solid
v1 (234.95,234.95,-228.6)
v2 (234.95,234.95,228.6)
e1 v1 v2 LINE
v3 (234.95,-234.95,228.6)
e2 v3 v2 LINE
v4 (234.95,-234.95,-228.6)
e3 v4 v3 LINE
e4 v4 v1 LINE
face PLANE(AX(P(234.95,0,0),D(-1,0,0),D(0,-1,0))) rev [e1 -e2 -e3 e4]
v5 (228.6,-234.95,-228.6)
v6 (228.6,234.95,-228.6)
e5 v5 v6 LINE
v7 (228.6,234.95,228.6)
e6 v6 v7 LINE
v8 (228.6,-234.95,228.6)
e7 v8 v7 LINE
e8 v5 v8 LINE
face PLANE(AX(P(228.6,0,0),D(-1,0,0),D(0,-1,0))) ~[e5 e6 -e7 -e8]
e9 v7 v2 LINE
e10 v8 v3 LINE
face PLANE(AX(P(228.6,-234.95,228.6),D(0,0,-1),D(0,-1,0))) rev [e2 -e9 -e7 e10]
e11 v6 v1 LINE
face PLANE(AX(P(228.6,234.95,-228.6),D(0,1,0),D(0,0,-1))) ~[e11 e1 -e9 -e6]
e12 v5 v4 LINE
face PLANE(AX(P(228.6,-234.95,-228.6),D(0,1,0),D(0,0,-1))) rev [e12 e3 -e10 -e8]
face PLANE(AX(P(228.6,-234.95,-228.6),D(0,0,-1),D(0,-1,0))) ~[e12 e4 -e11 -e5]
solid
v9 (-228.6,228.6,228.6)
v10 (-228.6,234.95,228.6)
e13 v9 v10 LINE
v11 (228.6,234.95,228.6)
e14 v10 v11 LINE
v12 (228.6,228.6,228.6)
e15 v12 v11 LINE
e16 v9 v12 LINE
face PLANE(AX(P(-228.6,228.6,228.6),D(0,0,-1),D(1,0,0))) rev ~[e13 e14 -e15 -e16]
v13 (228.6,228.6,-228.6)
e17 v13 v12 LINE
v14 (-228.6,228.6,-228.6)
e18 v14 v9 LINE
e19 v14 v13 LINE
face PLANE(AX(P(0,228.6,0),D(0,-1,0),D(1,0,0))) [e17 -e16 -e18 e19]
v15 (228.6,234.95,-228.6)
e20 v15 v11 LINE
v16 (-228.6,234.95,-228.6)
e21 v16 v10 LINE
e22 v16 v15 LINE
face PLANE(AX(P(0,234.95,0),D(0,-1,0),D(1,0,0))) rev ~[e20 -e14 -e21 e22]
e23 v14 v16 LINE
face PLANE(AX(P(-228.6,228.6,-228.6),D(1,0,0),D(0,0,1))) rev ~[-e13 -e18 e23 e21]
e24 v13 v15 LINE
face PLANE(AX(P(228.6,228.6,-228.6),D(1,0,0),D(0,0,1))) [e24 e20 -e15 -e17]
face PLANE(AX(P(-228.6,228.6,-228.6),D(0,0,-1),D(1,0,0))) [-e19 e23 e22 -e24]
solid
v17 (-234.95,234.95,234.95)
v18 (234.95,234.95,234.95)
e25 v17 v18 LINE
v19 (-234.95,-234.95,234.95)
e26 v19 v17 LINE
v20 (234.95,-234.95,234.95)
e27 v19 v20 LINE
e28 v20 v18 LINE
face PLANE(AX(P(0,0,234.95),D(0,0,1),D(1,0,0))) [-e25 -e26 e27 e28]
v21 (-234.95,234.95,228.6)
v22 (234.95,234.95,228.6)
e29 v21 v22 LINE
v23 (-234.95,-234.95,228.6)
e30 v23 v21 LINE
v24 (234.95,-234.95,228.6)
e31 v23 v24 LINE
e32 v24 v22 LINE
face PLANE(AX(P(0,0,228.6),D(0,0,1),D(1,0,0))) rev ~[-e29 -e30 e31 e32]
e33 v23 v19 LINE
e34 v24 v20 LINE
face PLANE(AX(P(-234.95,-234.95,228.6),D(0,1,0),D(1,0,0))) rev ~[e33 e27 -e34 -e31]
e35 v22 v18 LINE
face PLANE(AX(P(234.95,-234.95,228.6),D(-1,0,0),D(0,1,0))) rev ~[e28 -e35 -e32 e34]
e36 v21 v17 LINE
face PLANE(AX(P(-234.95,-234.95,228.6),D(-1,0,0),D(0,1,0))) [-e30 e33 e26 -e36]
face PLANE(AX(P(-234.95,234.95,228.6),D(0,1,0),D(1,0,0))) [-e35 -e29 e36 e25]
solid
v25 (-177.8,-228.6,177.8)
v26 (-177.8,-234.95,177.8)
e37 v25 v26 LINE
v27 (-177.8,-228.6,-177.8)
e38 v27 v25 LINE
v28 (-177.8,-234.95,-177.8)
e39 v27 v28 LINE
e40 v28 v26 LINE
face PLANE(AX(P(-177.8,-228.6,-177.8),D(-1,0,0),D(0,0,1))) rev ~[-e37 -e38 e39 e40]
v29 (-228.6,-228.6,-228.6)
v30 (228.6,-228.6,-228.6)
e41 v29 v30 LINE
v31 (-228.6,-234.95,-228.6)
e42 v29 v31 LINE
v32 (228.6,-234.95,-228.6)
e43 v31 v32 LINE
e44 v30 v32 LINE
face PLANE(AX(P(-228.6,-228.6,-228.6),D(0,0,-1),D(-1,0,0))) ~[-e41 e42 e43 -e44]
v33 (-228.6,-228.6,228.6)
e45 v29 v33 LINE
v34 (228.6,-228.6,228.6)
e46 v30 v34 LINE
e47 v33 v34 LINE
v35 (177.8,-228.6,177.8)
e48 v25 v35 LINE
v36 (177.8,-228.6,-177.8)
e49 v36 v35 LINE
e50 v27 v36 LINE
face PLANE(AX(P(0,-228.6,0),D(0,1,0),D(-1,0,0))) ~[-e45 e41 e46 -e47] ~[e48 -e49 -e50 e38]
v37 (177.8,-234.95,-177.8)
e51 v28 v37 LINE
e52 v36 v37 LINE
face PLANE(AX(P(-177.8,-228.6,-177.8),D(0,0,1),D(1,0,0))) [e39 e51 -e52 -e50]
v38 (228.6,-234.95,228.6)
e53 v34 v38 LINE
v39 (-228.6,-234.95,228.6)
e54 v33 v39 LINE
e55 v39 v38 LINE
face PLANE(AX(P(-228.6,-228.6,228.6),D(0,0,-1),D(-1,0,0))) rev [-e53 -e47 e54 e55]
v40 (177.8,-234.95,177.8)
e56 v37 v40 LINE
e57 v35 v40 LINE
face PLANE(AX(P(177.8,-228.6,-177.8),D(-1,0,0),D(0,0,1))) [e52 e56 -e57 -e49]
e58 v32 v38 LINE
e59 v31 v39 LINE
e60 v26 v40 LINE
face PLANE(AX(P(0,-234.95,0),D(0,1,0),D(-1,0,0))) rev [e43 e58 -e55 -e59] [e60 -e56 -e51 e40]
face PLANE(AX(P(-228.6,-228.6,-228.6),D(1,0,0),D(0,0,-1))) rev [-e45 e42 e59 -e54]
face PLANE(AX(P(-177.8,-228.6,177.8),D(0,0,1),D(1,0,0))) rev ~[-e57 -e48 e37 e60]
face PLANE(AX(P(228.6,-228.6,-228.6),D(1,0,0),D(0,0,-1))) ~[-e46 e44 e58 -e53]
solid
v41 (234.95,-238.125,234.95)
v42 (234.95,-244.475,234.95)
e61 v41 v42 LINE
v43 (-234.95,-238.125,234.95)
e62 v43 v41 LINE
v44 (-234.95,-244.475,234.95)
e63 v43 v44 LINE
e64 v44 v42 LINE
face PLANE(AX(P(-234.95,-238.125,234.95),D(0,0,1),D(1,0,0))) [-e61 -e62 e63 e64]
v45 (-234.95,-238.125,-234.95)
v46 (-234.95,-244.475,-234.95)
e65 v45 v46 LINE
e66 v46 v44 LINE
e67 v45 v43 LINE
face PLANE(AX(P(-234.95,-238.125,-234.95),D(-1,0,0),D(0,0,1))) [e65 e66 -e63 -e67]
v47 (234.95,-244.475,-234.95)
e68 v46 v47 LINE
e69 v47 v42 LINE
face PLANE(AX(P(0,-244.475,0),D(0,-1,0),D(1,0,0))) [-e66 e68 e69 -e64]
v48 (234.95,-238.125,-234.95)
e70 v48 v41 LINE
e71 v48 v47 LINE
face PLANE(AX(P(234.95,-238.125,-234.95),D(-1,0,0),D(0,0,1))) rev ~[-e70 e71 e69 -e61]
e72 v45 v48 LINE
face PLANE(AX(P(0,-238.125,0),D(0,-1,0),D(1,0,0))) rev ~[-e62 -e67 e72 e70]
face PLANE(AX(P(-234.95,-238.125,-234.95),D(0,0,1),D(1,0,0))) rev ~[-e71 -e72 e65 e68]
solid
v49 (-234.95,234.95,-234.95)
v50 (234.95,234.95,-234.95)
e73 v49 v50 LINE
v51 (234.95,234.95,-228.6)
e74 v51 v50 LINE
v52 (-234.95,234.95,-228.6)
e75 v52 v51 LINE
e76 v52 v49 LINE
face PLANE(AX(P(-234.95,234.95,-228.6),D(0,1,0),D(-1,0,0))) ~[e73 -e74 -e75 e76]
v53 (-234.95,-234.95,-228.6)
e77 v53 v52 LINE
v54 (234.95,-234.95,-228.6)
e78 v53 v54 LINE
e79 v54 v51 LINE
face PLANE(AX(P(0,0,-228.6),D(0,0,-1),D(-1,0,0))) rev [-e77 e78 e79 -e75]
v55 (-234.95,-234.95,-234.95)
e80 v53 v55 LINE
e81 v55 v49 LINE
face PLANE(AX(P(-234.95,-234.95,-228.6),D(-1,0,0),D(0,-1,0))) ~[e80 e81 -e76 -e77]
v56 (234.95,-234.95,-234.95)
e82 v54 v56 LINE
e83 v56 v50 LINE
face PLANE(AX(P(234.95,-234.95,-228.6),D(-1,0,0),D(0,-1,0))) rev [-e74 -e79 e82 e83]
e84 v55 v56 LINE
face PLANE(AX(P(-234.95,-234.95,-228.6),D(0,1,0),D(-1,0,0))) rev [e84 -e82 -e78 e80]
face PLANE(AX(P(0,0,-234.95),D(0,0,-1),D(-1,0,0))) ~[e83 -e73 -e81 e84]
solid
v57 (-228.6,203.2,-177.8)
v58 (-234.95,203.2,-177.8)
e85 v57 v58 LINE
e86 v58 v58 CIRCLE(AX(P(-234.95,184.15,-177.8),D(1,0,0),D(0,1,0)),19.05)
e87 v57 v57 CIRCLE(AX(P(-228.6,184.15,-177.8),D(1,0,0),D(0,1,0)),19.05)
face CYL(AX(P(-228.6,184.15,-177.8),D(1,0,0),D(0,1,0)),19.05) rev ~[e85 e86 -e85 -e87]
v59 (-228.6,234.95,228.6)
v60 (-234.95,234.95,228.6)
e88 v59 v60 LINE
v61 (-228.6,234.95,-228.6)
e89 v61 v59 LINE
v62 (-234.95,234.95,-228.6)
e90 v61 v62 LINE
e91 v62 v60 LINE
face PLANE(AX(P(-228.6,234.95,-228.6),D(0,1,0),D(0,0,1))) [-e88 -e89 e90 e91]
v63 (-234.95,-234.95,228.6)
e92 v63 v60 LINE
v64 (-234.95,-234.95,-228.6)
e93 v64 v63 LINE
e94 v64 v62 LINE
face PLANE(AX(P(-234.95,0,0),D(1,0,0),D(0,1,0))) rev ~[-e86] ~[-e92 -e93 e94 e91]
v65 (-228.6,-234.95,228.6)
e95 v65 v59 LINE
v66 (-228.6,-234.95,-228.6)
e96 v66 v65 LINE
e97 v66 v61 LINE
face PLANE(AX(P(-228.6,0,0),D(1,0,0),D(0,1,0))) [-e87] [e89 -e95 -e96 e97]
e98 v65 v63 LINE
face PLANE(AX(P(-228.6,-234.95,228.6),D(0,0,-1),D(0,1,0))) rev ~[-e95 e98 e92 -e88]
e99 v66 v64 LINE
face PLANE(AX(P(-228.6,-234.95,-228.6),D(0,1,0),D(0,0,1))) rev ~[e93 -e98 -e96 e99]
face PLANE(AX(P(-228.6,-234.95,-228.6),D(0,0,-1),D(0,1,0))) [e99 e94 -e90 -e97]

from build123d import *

# Parameters (mm, degrees)
F12_W     = 469.9
F12_H     = 469.9
F13_DEPTH = 6.35
F9_W      = 457.2
F9_H      = 457.2
F14_DEPTH = 6.35
F10_W     = 355.6
F10_H     = 355.6
F16_DEPTH = 6.35
F8_W      = 469.9
F8_H      = 457.2
F8_R      = 19.05
F17_DEPTH = 6.35
F19_DEPTH = 9.525
F7_W      = 469.9
F7_H      = 469.9
F20_DEPTH = 6.35


with BuildPart() as f13:
    # F12 (on offset) → F13 (new body)
    with BuildSketch(Plane.XZ.offset(238.125)):
        Rectangle(F12_W, F12_H)
    extrude(amount=F13_DEPTH)


with BuildPart() as f14:
    # F9 (on offset) → F14 (new body)
    with BuildSketch(Plane.XZ.offset(-228.6)):
        Rectangle(F9_W, F9_H)
    extrude(amount=-F14_DEPTH)


with BuildPart() as f15_1:
    # F15: instance of F14
    add(f14.part.mirror(Plane.XZ))

    # F10 (on offset) → F16 (cut)
    with BuildSketch(Plane.XZ.offset(228.6)):
        Rectangle(F10_W, F10_H)
    extrude(amount=F16_DEPTH, mode=Mode.SUBTRACT)


with BuildPart() as f17:
    # F8 (on offset) → F17 (new body)
    with BuildSketch(Plane.YZ.offset(-228.6)):
        Rectangle(F8_W, F8_H)
        with Locations((184.15, -177.8)):
            Circle(F8_R, mode=Mode.SUBTRACT)
        with Locations((184.15, -177.8)):
            Circle(F8_R)
    extrude(amount=-F17_DEPTH)


with BuildPart() as f18_1:
    # F18: instance of F17
    add(f17.part.mirror(Plane.YZ))


with BuildPart() as f17_1:
    add(f17.part)

    # F8 (on offset) → F19 (cut)
    with BuildSketch(Plane.YZ.offset(-228.6)):
        with Locations((184.15, -177.8)):
            Circle(F8_R)
    extrude(amount=-F19_DEPTH, mode=Mode.SUBTRACT)


with BuildPart() as f20:
    # F7 (on offset) → F20 (new body)
    with BuildSketch(Plane.XY.offset(228.6)):
        Rectangle(F7_W, F7_H)
    extrude(amount=F20_DEPTH)


with BuildPart() as f21_1:
    # F21: instance of F20
    add(f20.part.mirror(Plane.XY))


solid = Compound([f13.part, f14.part, f15_1.part, f18_1.part, f17_1.part, f20.part, f21_1.part])
